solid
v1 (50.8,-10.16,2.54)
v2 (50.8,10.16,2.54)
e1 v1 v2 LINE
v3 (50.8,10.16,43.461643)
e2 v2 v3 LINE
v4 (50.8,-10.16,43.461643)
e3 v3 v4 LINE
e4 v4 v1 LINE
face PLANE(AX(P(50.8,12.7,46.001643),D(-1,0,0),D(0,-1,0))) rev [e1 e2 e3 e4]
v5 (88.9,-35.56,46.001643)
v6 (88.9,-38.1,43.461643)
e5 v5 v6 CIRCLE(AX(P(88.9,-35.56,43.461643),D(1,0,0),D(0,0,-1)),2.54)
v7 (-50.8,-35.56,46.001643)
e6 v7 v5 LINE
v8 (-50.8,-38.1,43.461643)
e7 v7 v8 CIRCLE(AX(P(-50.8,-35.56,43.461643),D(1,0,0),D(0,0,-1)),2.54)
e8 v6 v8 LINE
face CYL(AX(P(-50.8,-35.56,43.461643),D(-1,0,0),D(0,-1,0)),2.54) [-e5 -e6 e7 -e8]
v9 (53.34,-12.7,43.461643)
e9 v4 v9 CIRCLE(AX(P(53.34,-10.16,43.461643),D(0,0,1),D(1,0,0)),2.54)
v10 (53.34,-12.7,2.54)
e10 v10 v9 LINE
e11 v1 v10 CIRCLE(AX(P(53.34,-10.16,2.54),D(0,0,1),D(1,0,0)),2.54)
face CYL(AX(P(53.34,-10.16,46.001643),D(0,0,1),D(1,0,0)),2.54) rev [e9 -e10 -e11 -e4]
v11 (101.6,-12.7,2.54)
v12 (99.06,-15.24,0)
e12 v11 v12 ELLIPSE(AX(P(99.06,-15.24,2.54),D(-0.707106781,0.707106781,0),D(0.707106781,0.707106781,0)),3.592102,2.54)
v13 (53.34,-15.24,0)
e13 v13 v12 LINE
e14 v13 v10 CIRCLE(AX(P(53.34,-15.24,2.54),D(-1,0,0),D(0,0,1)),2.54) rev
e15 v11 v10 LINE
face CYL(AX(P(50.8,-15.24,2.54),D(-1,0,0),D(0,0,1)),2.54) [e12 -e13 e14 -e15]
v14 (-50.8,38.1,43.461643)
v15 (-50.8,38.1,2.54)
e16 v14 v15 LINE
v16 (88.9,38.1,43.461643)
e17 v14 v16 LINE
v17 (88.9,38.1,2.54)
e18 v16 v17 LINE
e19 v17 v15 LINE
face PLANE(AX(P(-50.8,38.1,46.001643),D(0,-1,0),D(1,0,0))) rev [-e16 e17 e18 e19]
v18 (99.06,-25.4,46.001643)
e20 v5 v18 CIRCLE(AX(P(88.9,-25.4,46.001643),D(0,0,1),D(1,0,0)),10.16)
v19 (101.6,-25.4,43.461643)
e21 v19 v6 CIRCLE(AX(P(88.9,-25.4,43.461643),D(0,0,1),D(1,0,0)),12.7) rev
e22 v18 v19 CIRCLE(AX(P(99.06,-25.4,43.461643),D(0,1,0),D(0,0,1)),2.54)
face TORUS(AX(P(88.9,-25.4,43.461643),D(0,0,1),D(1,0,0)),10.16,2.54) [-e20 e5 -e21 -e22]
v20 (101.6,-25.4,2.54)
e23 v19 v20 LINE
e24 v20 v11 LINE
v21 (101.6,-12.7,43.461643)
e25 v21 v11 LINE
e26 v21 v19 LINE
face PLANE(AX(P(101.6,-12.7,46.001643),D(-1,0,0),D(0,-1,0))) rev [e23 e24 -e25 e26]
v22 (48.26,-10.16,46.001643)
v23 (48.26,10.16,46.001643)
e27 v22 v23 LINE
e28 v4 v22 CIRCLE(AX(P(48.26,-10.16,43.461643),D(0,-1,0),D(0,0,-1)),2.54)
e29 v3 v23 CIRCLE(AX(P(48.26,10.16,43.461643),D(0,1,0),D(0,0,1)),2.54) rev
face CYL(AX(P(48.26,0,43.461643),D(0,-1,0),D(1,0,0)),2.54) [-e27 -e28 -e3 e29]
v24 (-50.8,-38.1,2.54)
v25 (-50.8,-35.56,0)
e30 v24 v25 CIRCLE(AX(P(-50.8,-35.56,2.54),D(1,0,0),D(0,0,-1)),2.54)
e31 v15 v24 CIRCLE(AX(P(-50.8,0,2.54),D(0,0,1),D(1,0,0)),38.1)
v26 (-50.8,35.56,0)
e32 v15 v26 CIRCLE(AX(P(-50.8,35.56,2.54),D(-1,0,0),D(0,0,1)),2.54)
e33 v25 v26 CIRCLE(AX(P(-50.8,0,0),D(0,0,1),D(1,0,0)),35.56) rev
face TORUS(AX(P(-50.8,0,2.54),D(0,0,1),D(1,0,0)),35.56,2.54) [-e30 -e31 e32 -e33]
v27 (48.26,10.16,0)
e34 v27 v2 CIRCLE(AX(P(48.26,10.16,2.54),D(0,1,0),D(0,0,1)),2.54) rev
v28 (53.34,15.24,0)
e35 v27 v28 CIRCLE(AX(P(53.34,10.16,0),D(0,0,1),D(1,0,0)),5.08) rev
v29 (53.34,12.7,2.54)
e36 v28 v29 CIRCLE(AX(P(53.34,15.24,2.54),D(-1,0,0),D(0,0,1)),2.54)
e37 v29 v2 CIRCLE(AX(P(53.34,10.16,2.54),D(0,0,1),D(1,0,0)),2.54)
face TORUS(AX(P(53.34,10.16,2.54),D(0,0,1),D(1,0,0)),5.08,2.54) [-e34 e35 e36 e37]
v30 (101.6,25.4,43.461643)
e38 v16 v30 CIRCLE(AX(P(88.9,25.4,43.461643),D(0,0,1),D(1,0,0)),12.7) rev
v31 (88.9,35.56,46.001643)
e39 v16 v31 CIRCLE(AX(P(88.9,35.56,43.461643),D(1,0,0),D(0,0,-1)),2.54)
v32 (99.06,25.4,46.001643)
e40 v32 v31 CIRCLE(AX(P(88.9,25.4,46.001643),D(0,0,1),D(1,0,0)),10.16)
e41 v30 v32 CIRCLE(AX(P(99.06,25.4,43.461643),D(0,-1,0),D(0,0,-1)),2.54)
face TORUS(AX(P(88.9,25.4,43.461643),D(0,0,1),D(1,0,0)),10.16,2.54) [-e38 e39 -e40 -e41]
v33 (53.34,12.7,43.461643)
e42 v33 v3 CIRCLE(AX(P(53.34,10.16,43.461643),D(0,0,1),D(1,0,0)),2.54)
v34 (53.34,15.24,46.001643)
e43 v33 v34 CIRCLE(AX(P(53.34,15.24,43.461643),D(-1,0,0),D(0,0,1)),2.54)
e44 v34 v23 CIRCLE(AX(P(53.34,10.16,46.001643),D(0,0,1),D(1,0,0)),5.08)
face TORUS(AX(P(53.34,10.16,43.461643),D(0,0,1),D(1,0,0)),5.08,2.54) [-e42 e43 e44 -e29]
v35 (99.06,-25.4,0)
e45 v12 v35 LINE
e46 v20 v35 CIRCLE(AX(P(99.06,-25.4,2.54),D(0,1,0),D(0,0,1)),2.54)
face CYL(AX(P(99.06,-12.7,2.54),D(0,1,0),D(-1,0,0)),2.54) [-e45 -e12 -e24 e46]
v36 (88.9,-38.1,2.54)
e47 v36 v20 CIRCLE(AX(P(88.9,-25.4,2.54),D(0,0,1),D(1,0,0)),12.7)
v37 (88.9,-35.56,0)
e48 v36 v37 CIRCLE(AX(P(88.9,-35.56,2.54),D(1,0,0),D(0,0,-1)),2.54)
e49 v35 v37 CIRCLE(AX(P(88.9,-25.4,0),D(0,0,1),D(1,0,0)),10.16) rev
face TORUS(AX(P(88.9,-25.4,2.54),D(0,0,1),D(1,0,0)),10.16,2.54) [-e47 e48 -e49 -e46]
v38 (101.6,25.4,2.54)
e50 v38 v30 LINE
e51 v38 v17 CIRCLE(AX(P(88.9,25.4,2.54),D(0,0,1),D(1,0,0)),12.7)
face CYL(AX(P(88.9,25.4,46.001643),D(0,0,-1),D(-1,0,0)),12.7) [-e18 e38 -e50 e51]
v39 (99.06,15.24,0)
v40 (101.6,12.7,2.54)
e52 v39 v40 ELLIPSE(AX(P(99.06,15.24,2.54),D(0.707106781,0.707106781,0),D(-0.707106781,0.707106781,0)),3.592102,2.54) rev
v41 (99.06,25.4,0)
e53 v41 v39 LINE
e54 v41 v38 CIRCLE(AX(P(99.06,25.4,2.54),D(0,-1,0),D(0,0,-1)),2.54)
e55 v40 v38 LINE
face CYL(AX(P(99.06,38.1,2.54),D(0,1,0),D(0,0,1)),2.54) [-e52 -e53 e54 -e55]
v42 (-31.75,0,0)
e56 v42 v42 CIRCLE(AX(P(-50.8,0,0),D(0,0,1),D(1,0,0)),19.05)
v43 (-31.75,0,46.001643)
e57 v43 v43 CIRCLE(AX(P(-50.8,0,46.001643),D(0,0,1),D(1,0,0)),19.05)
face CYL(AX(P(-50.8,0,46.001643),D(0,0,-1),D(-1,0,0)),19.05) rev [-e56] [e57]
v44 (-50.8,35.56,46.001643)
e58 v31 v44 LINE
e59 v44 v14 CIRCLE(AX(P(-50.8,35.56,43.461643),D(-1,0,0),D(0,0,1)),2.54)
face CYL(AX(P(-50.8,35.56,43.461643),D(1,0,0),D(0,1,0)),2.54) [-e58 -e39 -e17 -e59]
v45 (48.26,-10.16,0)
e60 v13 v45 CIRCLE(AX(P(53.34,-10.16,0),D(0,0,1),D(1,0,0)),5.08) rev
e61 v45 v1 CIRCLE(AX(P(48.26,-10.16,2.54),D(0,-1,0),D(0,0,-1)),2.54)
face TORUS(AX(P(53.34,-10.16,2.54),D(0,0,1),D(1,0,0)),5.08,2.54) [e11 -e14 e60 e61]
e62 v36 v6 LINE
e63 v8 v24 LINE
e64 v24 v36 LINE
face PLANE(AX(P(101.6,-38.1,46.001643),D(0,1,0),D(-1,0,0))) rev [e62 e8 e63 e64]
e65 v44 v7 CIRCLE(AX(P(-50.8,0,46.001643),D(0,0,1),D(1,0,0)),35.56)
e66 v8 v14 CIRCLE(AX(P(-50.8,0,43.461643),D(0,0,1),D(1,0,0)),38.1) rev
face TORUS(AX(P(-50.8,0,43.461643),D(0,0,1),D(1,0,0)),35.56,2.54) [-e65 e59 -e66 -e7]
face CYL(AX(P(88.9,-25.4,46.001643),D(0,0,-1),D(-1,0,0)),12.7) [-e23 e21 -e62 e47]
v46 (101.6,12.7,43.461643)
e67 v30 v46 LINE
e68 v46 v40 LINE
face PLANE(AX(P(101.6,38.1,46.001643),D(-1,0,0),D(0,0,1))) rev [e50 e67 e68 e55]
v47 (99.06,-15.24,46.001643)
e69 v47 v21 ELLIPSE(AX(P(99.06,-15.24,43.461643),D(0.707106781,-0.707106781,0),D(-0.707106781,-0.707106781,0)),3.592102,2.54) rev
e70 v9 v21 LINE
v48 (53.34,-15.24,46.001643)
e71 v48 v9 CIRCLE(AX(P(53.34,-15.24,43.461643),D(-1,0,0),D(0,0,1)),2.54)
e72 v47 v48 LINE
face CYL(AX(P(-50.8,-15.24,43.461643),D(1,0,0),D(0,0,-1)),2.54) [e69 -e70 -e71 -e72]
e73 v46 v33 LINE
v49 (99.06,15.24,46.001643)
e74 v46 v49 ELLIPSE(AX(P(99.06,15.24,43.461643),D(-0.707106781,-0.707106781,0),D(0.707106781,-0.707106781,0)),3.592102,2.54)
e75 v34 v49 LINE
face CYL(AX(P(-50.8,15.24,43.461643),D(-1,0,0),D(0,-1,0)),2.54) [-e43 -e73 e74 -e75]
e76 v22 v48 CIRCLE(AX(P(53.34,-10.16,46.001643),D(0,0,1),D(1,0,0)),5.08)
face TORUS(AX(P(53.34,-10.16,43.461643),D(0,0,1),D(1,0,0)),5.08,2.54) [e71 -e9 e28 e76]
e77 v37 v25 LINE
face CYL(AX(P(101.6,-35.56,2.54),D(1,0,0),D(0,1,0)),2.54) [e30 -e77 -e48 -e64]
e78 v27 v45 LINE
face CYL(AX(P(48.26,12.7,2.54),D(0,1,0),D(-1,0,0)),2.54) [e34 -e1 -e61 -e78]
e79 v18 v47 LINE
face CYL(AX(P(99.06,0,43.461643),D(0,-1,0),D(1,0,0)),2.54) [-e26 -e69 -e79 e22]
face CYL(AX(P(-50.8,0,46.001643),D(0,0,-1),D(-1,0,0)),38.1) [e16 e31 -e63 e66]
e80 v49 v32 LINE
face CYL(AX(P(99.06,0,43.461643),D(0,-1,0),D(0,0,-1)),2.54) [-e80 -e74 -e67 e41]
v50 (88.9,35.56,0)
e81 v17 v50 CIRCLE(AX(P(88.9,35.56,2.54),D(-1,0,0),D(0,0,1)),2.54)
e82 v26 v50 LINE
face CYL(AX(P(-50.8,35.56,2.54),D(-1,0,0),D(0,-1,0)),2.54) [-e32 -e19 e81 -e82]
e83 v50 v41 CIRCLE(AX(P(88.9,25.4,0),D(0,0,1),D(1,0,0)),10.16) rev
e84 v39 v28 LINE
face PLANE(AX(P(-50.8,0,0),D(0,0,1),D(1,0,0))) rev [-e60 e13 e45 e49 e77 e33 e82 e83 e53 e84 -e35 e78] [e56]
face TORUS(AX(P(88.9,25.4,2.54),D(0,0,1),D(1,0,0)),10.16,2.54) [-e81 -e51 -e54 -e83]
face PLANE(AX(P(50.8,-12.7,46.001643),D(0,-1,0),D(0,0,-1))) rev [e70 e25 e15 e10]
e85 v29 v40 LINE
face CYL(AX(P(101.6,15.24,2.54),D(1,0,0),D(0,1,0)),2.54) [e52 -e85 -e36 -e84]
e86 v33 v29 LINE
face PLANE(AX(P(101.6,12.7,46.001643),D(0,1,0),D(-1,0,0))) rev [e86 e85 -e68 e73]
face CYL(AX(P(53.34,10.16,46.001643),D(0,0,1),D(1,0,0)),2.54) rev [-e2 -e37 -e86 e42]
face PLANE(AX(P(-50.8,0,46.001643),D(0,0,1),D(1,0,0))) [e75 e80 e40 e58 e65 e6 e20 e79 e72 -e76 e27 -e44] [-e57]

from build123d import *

# Parameters (mm, degrees)
SKETCH1_R           = 19.05
BOSS_EXTRUDE1_DEPTH = 46.001643057
FILLET1_R           = 12.7
FILLET2_R           = 2.54


with BuildPart() as part:
    # Sketch1 → Boss-Extrude1 (new body)
    with BuildSketch(Plane.XY):
        with BuildLine():
            Line((101.6, 12.7), (50.8, 12.7))
            Line((50.8, 12.7), (50.8, -12.7))
            Line((50.8, -12.7), (101.6, -12.7))
            Line((101.6, -12.7), (101.6, -38.1))
            Line((101.6, -38.1), (-50.8, -38.1))
            ThreePointArc((-50.8, -38.1), (-88.9, 0), (-50.8, 38.1))
            Line((-50.8, 38.1), (101.6, 38.1))
            Line((101.6, 38.1), (101.6, 12.7))
        make_face()
        with Locations((-50.8, 0)):
            Circle(SKETCH1_R, mode=Mode.SUBTRACT)
    extrude(amount=BOSS_EXTRUDE1_DEPTH)

    # Fillet1
    fillet1_edges = [part.edges().sort_by_distance(p)[0] for p in [
        (101.6, 38.1, 23.000821528),
        (101.6, -38.1, 23.000821528),
    ]]
    fillet(fillet1_edges, radius=FILLET1_R)

    # Fillet2
    fillet2_edges = [part.edges().sort_by_distance(p)[0] for p in [
        (19.05, -38.1, 0),
        (-88.9, 0, 0),
        (76.2, -12.7, 46.001643057),
        (50.8, 12.7, 23.000821528),
        (50.8, -12.7, 23.000821528),
        (50.8, 0, 46.001643057),
        (76.2, 12.7, 46.001643057),
        (101.6, 19.05, 46.001643057),
        (101.6, -19.05, 0),
        (101.6, -19.05, 46.001643057),
        (19.05, 38.1, 0),
        (97.880256121, 34.380256121, 0),
        (97.880256121, -34.380256121, 0),
        (19.05, 38.1, 46.001643057),
        (97.880256121, 34.380256121, 46.001643057),
        (97.880256121, -34.380256121, 46.001643057),
        (-88.9, 0, 46.001643057),
        (19.05, -38.1, 46.001643057),
        (101.6, 19.05, 0),
        (76.2, 12.7, 0),
        (50.8, 0, 0),
        (76.2, -12.7, 0),
    ]]
    fillet(fillet2_edges, radius=FILLET2_R)


solid = part.part
